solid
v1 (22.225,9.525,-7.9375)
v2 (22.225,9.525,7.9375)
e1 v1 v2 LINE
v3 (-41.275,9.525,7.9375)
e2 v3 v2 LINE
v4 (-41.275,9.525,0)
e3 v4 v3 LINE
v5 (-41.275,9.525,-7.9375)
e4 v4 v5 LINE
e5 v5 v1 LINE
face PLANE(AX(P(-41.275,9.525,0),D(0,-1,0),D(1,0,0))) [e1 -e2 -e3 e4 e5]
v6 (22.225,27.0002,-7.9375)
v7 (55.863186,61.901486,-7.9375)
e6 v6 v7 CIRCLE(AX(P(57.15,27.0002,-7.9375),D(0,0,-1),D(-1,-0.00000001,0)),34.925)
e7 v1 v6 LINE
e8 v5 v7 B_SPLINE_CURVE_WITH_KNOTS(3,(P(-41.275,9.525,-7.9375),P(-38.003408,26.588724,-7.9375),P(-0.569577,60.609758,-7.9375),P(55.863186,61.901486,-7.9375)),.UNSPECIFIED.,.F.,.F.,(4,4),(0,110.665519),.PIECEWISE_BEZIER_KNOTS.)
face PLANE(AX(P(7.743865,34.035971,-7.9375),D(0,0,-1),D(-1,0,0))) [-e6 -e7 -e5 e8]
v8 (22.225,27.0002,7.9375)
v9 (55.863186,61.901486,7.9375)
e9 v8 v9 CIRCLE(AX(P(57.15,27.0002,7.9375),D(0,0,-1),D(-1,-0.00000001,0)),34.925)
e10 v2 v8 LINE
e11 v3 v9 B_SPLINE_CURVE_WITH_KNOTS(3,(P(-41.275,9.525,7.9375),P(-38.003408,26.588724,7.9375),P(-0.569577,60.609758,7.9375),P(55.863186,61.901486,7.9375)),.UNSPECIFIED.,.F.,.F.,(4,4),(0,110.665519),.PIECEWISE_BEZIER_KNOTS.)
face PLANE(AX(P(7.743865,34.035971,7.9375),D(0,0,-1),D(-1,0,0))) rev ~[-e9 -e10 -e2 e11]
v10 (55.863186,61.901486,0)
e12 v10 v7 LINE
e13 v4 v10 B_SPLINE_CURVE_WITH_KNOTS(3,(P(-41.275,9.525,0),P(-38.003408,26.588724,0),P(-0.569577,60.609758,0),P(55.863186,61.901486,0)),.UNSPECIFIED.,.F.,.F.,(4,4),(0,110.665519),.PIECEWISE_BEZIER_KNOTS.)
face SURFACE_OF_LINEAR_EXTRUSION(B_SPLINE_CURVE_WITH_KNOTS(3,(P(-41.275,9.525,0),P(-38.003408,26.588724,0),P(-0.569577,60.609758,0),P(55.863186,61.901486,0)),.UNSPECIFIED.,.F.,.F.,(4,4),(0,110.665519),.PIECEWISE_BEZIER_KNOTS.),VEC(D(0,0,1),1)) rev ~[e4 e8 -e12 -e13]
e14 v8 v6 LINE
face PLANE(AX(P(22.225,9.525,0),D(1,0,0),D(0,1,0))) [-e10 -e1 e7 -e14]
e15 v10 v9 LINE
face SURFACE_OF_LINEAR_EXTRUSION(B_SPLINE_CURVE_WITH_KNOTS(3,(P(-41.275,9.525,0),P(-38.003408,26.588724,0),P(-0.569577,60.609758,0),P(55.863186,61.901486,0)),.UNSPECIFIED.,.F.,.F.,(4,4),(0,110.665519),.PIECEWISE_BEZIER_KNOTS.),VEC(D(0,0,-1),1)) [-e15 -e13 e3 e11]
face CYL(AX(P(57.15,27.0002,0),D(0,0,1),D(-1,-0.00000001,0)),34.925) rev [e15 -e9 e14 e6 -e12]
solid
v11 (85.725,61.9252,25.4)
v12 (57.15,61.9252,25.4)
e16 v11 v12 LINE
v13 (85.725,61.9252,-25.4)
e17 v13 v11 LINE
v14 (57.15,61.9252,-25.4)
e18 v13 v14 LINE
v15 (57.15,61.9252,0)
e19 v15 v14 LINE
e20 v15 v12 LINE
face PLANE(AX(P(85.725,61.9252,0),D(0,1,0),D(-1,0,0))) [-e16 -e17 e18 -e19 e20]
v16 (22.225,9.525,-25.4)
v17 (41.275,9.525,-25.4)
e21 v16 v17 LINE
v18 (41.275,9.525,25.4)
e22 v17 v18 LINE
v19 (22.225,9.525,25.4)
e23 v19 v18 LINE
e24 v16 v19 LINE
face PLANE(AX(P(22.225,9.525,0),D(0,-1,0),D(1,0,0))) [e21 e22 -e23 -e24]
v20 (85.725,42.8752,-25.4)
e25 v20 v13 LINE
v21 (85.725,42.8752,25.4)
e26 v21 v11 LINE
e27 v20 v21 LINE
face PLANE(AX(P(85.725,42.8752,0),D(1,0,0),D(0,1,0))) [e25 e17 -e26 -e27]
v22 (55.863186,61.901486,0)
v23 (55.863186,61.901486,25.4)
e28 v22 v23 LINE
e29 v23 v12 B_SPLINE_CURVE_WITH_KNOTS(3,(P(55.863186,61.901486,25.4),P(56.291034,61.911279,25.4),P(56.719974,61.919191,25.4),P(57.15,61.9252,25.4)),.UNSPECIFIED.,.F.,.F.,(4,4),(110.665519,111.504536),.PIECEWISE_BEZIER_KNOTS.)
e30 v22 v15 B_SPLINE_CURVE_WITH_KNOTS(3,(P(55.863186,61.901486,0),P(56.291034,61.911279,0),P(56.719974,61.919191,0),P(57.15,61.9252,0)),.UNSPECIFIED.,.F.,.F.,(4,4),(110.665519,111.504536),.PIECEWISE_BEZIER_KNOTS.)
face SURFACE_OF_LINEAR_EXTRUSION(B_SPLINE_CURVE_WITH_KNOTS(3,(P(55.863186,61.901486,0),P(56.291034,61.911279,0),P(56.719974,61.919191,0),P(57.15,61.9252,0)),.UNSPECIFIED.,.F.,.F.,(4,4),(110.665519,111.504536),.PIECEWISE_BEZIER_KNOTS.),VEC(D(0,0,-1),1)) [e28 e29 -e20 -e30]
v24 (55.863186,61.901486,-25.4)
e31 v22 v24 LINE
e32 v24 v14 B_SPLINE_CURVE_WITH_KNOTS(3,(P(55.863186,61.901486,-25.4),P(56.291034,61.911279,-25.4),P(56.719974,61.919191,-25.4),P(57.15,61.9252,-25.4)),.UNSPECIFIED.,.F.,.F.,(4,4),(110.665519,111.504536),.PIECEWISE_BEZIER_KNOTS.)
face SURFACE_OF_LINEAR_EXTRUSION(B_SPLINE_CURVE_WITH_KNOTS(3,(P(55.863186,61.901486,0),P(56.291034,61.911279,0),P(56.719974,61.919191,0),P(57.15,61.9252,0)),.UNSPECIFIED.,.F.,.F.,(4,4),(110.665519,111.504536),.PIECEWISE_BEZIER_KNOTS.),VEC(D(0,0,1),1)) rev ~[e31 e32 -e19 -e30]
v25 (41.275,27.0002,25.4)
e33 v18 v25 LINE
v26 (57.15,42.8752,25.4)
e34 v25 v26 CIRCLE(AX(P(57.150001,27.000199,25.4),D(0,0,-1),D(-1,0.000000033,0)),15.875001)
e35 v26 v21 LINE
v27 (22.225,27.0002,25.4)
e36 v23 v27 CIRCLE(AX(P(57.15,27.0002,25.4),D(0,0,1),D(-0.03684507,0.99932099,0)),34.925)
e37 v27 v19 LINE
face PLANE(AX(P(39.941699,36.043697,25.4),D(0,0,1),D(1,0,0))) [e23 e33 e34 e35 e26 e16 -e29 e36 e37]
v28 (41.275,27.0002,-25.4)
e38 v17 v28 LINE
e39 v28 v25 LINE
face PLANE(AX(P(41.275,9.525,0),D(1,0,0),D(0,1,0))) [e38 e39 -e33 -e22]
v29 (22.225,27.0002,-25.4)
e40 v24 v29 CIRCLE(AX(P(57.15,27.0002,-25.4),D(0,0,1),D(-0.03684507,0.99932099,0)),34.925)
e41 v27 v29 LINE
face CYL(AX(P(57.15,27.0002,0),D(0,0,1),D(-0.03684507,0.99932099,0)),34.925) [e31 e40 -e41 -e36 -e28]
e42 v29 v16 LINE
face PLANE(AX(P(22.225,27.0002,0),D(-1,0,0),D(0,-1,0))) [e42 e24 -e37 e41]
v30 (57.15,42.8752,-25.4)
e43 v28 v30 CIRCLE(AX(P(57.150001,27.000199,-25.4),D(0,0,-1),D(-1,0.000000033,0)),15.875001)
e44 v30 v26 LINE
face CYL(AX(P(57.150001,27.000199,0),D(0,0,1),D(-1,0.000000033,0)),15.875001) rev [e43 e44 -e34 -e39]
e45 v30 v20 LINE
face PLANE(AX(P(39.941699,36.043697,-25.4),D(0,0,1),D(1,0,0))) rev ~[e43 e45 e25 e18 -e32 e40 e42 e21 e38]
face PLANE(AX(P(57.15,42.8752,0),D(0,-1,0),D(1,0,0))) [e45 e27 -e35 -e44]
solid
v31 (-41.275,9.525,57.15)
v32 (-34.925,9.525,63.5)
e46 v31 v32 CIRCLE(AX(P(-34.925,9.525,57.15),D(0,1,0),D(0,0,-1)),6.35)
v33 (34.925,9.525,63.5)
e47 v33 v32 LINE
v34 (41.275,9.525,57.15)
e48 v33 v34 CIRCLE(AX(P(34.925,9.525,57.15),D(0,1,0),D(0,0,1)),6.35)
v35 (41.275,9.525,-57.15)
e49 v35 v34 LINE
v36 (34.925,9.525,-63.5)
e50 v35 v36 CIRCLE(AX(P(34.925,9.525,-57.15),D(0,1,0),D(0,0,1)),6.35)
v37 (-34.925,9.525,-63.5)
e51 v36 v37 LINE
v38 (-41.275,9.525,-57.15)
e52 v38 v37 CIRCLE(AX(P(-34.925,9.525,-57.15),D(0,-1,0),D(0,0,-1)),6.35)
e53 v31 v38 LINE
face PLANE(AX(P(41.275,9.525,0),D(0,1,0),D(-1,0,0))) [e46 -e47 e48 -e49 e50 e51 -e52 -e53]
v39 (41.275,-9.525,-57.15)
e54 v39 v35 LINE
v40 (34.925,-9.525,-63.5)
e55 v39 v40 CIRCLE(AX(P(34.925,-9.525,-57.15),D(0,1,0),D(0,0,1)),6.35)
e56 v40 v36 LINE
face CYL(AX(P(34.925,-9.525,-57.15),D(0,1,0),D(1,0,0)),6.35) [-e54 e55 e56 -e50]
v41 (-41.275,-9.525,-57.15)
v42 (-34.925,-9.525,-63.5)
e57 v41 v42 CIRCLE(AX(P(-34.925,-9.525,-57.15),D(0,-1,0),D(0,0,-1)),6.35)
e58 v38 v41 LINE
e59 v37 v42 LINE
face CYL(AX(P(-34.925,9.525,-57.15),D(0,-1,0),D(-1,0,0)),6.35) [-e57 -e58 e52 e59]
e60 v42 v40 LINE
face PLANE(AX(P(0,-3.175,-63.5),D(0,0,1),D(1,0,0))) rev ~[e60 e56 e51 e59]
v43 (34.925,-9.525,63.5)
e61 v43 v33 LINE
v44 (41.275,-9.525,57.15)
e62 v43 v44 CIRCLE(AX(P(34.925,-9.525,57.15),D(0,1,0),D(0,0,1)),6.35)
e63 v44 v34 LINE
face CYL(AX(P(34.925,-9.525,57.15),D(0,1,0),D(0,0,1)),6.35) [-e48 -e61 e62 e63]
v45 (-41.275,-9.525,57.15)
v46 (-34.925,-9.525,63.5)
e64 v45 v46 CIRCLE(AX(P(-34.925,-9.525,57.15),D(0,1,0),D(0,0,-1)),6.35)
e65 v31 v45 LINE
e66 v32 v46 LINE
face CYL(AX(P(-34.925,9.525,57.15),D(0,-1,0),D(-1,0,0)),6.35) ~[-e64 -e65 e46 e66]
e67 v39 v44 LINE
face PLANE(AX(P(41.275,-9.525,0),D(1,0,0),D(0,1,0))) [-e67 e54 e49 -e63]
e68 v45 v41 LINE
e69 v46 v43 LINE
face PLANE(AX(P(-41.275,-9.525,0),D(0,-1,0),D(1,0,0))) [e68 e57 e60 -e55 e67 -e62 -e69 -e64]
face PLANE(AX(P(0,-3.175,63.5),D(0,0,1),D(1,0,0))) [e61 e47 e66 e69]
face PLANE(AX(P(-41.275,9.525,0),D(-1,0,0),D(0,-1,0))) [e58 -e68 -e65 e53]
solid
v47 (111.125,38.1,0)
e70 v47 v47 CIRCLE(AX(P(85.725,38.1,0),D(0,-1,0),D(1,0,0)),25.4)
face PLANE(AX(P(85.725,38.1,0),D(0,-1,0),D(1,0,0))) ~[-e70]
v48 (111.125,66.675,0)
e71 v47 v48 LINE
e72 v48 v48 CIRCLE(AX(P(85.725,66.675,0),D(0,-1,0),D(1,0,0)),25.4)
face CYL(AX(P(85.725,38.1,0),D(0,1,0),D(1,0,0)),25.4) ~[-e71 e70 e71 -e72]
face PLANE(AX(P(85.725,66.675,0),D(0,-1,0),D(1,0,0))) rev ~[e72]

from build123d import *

# Parameters (mm, degrees)
F2_DEPTH = 7.9375
F0_W     = 25.4
F0_H     = 19.05
F3_DEPTH = 25.4
F0_W_2   = 82.55
F0_H_2   = 12.7
F4_DEPTH = 63.5
F5_R     = 6.35


with BuildPart() as f1:
    # F0 (on Top) → F1 (revolve)
    with BuildSketch(Plane.XY):
        Polygon((85.725, 66.675), (85.725, 61.9252), (85.725, 42.8752), (85.725, 38.1), (111.125, 38.1), (111.125, 66.675), align=None)
    revolve(axis=Axis((85.725, 52.3875, 0), (0, -1, 0)))


with BuildPart() as f2:
    # F0 (on Top) → F2 (new body, symmetric)
    with BuildSketch(Plane.XY):
        with BuildLine():
            add(Edge.make_bspline(
                [(-41.275, 9.525), (-38.003408, 26.588724), (-0.569577, 60.609758), (55.863186, 61.901486)],
                knots=[0, 0, 0, 0, 110.665519, 110.665519, 110.665519, 110.665519], degree=3))
            Line((-41.275, 9.525), (22.225, 9.525))
            Line((22.225, 9.525), (22.225, 27.0002))
            ThreePointArc((22.225, 27.0002), (32.003453, 51.236677), (55.863186, 61.901486))
        make_face()
    extrude(amount=F2_DEPTH, both=True)


with BuildPart() as f3:
    # F0 (on Top) → F3 (new body, symmetric)
    with BuildSketch(Plane.XY):
        with BuildLine():
            Line((22.225, 27.0002), (22.225, 9.525))
            Line((22.225, 9.525), (41.275, 9.525))
            Line((41.275, 9.525), (41.275, 27.0002))
            ThreePointArc((41.275, 27.0002), (45.92468, 38.22552), (57.15, 42.8752))
            Line((57.15, 42.8752), (60.325, 42.8752))
            Line((60.325, 42.8752), (60.325, 61.9252))
            Line((60.325, 61.9252), (57.15, 61.9252))
            add(Edge.make_bspline(
                [(55.863186, 61.901486), (56.291034, 61.911279), (56.719974, 61.919191), (57.15, 61.9252)],
                knots=[110.665519, 110.665519, 110.665519, 110.665519, 111.504536, 111.504536, 111.504536, 111.504536], degree=3))
            ThreePointArc((55.863186, 61.901486), (32.003453, 51.236677), (22.225, 27.0002))
        make_face()
        with Locations((73.025, 52.4002)):
            Rectangle(F0_W, F0_H)
    extrude(amount=F3_DEPTH, both=True)


with BuildPart() as f4:
    # F0 (on Top) → F4 (new body, symmetric)
    with BuildSketch(Plane.XY):
        with Locations((0, -3.175)):
            Rectangle(F0_W_2, F0_H_2)
        Polygon((22.225, 9.525), (-41.275, 9.525), (-41.275, 3.175), (41.275, 3.175), (41.275, 9.525), align=None)
    extrude(amount=F4_DEPTH, both=True)

    # F5
    f5_edges = [f4.edges().sort_by_distance(p)[0] for p in [
        (41.275, 0, 63.5),
        (41.275, 0, -63.5),
        (-41.275, 0, -63.5),
        (-41.275, 0, 63.5),
    ]]
    fillet(f5_edges, radius=F5_R)


solid = Compound([f1.part, f2.part, f3.part, f4.part])
